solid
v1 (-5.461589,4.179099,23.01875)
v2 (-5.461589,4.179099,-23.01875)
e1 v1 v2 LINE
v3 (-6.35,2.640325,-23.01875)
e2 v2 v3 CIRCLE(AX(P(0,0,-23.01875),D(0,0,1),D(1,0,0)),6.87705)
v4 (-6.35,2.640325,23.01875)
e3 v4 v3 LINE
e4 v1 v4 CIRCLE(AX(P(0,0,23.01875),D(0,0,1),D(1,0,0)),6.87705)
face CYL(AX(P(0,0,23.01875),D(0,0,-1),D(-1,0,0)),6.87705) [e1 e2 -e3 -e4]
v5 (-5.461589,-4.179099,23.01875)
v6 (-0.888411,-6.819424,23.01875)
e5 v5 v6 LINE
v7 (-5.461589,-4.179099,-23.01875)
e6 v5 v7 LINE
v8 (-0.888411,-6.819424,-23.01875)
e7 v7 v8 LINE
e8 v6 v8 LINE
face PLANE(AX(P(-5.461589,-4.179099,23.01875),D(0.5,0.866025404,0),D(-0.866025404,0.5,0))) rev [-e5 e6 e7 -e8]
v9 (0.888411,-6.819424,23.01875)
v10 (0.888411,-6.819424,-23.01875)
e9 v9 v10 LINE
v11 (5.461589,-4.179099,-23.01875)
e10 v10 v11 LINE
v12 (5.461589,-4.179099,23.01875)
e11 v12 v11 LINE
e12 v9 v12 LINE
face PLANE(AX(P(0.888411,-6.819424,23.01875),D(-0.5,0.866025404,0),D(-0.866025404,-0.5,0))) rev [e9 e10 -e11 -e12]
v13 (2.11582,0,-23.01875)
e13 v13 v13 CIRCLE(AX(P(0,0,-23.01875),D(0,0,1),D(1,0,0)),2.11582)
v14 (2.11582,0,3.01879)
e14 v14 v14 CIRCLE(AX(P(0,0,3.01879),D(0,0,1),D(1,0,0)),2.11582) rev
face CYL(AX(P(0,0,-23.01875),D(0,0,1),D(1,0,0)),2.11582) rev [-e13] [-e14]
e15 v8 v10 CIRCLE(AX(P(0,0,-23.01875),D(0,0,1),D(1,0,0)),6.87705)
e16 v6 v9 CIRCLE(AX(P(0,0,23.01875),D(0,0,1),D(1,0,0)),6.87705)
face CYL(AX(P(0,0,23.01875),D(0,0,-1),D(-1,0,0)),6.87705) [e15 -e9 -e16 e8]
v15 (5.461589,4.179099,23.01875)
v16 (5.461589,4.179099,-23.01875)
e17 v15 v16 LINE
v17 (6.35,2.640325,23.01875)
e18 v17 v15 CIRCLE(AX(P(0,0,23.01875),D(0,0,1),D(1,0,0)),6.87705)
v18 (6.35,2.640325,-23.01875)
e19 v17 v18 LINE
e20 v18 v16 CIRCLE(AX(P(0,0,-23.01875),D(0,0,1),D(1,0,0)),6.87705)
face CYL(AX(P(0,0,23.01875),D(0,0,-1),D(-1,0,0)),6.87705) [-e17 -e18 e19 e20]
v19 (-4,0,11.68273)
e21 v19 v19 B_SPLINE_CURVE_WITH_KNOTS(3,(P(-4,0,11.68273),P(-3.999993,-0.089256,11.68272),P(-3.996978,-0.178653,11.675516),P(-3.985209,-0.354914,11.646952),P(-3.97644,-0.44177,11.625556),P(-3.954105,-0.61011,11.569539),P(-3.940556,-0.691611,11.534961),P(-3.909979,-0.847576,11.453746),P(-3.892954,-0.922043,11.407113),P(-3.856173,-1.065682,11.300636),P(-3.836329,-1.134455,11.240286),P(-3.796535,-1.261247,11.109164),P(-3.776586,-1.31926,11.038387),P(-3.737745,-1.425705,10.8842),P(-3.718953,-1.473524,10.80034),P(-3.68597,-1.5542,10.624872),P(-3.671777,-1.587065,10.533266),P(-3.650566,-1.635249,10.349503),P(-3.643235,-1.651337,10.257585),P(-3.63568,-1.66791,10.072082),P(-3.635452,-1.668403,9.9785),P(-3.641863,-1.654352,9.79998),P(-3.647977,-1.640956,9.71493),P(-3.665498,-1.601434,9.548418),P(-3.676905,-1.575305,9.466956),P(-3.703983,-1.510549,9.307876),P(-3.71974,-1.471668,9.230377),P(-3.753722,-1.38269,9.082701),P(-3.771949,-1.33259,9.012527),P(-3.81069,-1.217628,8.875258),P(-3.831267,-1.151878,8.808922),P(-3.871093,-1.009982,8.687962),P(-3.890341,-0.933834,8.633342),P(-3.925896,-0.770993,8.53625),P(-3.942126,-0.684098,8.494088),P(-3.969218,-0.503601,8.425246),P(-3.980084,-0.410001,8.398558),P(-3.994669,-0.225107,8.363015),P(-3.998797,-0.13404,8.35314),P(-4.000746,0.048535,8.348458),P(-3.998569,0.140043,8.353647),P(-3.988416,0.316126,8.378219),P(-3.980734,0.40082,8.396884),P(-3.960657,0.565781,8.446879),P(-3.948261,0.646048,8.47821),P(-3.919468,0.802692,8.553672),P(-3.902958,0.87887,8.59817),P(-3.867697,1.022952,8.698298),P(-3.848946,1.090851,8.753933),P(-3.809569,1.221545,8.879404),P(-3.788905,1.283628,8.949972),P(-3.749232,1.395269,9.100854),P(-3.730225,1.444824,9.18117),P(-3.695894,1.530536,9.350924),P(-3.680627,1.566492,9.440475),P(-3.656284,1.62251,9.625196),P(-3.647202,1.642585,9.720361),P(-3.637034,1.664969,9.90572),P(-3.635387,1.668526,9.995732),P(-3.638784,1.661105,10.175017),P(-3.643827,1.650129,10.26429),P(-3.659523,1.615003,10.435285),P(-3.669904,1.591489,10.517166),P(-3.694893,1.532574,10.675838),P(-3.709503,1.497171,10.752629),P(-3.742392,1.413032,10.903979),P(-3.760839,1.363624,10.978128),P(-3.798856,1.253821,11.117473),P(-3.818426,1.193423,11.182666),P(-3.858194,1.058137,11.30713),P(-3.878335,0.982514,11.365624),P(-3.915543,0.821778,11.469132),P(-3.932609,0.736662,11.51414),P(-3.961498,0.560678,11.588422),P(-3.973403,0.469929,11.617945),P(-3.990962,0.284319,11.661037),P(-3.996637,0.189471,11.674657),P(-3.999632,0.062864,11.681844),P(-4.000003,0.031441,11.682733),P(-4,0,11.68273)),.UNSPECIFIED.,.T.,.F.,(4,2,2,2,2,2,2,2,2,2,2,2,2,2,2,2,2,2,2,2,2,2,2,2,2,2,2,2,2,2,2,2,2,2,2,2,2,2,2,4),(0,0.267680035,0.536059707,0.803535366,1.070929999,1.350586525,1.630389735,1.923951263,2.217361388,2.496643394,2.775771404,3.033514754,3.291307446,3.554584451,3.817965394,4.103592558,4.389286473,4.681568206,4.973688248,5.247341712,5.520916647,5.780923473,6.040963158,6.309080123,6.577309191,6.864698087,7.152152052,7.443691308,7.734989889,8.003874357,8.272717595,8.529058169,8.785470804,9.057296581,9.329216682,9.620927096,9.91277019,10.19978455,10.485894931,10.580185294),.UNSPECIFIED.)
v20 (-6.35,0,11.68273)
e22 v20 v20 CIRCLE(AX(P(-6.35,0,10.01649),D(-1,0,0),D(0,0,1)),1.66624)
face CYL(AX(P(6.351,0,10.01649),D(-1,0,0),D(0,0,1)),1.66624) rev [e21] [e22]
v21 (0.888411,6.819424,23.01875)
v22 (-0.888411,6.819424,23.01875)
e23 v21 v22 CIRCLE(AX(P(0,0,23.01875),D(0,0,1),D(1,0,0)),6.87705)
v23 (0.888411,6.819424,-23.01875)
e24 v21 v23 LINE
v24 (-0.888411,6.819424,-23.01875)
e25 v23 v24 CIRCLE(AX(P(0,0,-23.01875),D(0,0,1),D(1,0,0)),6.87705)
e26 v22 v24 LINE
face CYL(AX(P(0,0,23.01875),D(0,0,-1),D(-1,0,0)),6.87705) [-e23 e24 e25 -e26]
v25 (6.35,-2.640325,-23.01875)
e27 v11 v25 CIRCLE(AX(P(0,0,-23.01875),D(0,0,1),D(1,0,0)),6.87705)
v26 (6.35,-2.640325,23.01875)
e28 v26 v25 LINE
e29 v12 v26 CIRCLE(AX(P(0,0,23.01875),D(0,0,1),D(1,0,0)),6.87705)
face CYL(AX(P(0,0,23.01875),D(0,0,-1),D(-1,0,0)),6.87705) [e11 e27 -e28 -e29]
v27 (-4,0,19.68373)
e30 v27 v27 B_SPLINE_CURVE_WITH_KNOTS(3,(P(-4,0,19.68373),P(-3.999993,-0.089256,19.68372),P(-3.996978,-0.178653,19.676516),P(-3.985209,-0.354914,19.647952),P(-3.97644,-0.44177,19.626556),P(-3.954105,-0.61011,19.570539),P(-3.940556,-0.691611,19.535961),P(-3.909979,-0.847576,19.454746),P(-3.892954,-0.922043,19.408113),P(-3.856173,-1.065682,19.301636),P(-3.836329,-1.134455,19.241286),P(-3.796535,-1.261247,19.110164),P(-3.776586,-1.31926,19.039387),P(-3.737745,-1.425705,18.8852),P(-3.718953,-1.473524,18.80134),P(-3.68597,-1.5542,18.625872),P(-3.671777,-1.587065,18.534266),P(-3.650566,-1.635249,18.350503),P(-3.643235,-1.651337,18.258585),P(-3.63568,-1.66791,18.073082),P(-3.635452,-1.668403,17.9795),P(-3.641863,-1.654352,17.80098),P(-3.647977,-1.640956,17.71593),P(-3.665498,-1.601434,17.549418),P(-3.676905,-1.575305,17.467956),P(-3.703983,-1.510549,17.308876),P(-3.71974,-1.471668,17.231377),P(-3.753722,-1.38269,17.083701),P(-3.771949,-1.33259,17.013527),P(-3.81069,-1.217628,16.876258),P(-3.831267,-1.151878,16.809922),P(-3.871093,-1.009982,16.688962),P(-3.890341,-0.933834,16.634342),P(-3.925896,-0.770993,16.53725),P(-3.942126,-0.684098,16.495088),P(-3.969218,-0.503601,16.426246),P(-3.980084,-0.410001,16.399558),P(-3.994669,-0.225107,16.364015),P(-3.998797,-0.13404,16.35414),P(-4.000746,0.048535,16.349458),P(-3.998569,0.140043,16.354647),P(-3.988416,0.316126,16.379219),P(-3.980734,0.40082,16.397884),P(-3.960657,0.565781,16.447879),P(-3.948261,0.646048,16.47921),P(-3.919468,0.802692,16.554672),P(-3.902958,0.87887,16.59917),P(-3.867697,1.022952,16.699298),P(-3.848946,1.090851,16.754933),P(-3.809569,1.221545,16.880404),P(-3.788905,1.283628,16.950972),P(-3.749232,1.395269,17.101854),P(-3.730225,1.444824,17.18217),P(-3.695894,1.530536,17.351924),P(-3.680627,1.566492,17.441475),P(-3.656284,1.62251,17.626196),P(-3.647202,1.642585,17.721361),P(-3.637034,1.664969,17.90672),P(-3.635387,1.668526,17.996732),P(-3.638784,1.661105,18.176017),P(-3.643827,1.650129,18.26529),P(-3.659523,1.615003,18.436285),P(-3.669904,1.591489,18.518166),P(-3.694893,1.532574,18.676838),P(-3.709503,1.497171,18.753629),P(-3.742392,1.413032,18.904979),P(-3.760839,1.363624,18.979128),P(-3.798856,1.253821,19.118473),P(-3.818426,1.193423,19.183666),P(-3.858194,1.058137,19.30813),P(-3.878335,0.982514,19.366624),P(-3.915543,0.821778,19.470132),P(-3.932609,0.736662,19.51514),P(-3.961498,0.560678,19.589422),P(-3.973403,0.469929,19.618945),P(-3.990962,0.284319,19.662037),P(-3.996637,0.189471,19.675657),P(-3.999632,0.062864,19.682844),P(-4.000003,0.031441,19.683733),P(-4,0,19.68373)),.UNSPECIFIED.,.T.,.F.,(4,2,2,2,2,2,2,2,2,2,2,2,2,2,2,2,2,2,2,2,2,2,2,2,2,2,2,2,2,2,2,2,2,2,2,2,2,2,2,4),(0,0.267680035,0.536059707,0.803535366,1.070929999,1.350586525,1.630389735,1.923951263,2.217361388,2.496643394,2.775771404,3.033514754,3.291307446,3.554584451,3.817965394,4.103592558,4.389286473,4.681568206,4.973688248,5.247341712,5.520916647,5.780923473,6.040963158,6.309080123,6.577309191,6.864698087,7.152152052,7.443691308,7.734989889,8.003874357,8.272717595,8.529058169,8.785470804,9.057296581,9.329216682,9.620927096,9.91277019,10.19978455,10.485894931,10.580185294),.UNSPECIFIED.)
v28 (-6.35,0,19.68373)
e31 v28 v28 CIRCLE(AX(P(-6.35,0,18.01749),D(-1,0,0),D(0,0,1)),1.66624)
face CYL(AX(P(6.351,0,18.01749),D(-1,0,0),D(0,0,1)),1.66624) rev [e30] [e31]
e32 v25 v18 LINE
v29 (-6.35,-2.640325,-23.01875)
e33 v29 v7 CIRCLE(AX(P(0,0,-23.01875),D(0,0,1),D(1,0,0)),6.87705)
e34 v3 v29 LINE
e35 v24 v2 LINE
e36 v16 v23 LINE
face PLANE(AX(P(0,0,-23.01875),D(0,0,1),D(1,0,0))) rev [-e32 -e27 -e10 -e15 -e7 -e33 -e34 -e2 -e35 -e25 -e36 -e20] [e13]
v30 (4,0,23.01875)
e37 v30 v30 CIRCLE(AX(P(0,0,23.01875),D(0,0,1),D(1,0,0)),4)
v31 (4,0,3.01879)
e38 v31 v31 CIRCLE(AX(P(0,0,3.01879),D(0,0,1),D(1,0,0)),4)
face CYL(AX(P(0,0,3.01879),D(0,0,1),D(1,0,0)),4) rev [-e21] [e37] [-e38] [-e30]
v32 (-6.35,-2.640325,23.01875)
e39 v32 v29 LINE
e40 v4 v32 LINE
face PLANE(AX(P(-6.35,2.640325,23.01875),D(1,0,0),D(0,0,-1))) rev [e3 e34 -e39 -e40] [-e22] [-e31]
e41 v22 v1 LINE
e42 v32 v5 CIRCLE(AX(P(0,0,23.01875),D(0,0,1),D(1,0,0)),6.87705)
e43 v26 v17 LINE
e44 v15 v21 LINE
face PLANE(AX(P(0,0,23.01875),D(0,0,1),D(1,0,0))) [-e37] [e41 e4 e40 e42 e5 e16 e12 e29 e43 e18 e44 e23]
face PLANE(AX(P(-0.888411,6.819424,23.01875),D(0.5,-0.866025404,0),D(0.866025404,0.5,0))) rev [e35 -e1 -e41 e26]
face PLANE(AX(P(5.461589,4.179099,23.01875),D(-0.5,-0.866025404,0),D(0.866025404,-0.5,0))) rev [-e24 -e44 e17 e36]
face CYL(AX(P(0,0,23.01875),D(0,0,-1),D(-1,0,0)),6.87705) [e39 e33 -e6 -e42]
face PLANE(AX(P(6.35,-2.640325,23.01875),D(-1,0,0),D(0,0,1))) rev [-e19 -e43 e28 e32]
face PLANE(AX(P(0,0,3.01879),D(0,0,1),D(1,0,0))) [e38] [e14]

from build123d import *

# Parameters (mm, degrees)
BASIC_ROD_DEPTH         = 23.01875
BASIC_ROD_DEPTH_BACK    = 23.01875
SKETCH1_R               = 6.35
THEX_DEPTH              = 23.01875
INTERNAL_CUT_DEPTH      = 25.849128119
INTERNAL_CUT_DEPTH_BACK = 25.849128119
SKETCH2_R               = 2.11582
SKETCH9_R               = 4
CUT_EXTRUDE1_DEPTH      = 19.99996
CUT_EXTRUDE2_REACH      = 29.174
CUT_EXTRUDE2_END_RADIUS = 4
SKETCH10_R              = 1.66624


with BuildPart() as part:
    # Sketch1 → Basic Rod (new, two sides: drawn at the far end of the back side and taken through both)
    with BuildSketch(Plane.XY.offset(-BASIC_ROD_DEPTH_BACK)):
        Circle(SKETCH1_R)
    extrude(amount=BASIC_ROD_DEPTH + BASIC_ROD_DEPTH_BACK)

    # Sketch8 → THex (add, symmetric)
    with BuildSketch(Plane.XY):
        with BuildLine():
            Line((-0.888411378, 6.819423871), (-5.461588622, 4.179098758))
            ThreePointArc((-5.461588622, 4.179098758), (-5.955700003, 3.438525), (-6.35, 2.640325113))
            Line((-6.35, 2.640325113), (-6.35, -2.640325113))
            ThreePointArc((-6.35, -2.640325113), (-5.955700003, -3.438525), (-5.461588622, -4.179098758))
            Line((-5.461588622, -4.179098758), (-0.888411378, -6.819423871))
            ThreePointArc((-0.888411378, -6.819423871), (0, -6.87705), (0.888411378, -6.819423871))
            Line((0.888411378, -6.819423871), (5.461588622, -4.179098758))
            ThreePointArc((5.461588622, -4.179098758), (5.955700003, -3.438525), (6.35, -2.640325113))
            Line((6.35, -2.640325113), (6.35, 2.640325113))
            ThreePointArc((6.35, 2.640325113), (5.955700003, 3.438525), (5.461588622, 4.179098758))
            Line((5.461588622, 4.179098758), (0.888411378, 6.819423871))
            ThreePointArc((0.888411378, 6.819423871), (0, 6.87705), (-0.888411378, 6.819423871))
        make_face()
    extrude(amount=THEX_DEPTH, both=True)

    # Sketch2 → Internal Cut (cut, two sides: drawn at the far end of the back side and taken through both)
    with BuildSketch(Plane.XY.offset(-INTERNAL_CUT_DEPTH_BACK)):
        Circle(SKETCH2_R)
    extrude(amount=INTERNAL_CUT_DEPTH + INTERNAL_CUT_DEPTH_BACK, mode=Mode.SUBTRACT)

    # Sketch9 → Cut-Extrude1 (cut)
    with BuildSketch(Plane.XY.offset(23.01875)):
        Circle(SKETCH9_R)
    extrude(amount=-CUT_EXTRUDE1_DEPTH, mode=Mode.SUBTRACT)

    # Cut-Extrude2: up to this cylinder (the profile starts outside it)
    cut_extrude2_end = Plane(origin=(0, 0, 14.01699), z_dir=(0, 0, 1)) * Cylinder(CUT_EXTRUDE2_END_RADIUS, 75.349, mode=Mode.PRIVATE)
    # Sketch10 → Cut-Extrude2 (cut, up to the surface)
    with BuildSketch(Plane.ZY.offset(6.35), mode=Mode.PRIVATE) as cut_extrude2_sk1:
        with Locations((10.01649, 0)):
            Circle(SKETCH10_R)
    cut_extrude2_tool1 = extrude(cut_extrude2_sk1.sketch, amount=-CUT_EXTRUDE2_REACH, mode=Mode.PRIVATE) - cut_extrude2_end
    add(cut_extrude2_tool1.solids().sort_by_distance((-6.35, 0, 10.01649))[0], mode=Mode.SUBTRACT)
    # Sketch10 → Cut-Extrude2 (cut, up to the surface)
    with BuildSketch(Plane.ZY.offset(6.35), mode=Mode.PRIVATE) as cut_extrude2_sk2:
        with Locations((18.01749, 0)):
            Circle(SKETCH10_R)
    cut_extrude2_tool2 = extrude(cut_extrude2_sk2.sketch, amount=-CUT_EXTRUDE2_REACH, mode=Mode.PRIVATE) - cut_extrude2_end
    add(cut_extrude2_tool2.solids().sort_by_distance((-6.35, 0, 18.01749))[0], mode=Mode.SUBTRACT)


solid = part.part
